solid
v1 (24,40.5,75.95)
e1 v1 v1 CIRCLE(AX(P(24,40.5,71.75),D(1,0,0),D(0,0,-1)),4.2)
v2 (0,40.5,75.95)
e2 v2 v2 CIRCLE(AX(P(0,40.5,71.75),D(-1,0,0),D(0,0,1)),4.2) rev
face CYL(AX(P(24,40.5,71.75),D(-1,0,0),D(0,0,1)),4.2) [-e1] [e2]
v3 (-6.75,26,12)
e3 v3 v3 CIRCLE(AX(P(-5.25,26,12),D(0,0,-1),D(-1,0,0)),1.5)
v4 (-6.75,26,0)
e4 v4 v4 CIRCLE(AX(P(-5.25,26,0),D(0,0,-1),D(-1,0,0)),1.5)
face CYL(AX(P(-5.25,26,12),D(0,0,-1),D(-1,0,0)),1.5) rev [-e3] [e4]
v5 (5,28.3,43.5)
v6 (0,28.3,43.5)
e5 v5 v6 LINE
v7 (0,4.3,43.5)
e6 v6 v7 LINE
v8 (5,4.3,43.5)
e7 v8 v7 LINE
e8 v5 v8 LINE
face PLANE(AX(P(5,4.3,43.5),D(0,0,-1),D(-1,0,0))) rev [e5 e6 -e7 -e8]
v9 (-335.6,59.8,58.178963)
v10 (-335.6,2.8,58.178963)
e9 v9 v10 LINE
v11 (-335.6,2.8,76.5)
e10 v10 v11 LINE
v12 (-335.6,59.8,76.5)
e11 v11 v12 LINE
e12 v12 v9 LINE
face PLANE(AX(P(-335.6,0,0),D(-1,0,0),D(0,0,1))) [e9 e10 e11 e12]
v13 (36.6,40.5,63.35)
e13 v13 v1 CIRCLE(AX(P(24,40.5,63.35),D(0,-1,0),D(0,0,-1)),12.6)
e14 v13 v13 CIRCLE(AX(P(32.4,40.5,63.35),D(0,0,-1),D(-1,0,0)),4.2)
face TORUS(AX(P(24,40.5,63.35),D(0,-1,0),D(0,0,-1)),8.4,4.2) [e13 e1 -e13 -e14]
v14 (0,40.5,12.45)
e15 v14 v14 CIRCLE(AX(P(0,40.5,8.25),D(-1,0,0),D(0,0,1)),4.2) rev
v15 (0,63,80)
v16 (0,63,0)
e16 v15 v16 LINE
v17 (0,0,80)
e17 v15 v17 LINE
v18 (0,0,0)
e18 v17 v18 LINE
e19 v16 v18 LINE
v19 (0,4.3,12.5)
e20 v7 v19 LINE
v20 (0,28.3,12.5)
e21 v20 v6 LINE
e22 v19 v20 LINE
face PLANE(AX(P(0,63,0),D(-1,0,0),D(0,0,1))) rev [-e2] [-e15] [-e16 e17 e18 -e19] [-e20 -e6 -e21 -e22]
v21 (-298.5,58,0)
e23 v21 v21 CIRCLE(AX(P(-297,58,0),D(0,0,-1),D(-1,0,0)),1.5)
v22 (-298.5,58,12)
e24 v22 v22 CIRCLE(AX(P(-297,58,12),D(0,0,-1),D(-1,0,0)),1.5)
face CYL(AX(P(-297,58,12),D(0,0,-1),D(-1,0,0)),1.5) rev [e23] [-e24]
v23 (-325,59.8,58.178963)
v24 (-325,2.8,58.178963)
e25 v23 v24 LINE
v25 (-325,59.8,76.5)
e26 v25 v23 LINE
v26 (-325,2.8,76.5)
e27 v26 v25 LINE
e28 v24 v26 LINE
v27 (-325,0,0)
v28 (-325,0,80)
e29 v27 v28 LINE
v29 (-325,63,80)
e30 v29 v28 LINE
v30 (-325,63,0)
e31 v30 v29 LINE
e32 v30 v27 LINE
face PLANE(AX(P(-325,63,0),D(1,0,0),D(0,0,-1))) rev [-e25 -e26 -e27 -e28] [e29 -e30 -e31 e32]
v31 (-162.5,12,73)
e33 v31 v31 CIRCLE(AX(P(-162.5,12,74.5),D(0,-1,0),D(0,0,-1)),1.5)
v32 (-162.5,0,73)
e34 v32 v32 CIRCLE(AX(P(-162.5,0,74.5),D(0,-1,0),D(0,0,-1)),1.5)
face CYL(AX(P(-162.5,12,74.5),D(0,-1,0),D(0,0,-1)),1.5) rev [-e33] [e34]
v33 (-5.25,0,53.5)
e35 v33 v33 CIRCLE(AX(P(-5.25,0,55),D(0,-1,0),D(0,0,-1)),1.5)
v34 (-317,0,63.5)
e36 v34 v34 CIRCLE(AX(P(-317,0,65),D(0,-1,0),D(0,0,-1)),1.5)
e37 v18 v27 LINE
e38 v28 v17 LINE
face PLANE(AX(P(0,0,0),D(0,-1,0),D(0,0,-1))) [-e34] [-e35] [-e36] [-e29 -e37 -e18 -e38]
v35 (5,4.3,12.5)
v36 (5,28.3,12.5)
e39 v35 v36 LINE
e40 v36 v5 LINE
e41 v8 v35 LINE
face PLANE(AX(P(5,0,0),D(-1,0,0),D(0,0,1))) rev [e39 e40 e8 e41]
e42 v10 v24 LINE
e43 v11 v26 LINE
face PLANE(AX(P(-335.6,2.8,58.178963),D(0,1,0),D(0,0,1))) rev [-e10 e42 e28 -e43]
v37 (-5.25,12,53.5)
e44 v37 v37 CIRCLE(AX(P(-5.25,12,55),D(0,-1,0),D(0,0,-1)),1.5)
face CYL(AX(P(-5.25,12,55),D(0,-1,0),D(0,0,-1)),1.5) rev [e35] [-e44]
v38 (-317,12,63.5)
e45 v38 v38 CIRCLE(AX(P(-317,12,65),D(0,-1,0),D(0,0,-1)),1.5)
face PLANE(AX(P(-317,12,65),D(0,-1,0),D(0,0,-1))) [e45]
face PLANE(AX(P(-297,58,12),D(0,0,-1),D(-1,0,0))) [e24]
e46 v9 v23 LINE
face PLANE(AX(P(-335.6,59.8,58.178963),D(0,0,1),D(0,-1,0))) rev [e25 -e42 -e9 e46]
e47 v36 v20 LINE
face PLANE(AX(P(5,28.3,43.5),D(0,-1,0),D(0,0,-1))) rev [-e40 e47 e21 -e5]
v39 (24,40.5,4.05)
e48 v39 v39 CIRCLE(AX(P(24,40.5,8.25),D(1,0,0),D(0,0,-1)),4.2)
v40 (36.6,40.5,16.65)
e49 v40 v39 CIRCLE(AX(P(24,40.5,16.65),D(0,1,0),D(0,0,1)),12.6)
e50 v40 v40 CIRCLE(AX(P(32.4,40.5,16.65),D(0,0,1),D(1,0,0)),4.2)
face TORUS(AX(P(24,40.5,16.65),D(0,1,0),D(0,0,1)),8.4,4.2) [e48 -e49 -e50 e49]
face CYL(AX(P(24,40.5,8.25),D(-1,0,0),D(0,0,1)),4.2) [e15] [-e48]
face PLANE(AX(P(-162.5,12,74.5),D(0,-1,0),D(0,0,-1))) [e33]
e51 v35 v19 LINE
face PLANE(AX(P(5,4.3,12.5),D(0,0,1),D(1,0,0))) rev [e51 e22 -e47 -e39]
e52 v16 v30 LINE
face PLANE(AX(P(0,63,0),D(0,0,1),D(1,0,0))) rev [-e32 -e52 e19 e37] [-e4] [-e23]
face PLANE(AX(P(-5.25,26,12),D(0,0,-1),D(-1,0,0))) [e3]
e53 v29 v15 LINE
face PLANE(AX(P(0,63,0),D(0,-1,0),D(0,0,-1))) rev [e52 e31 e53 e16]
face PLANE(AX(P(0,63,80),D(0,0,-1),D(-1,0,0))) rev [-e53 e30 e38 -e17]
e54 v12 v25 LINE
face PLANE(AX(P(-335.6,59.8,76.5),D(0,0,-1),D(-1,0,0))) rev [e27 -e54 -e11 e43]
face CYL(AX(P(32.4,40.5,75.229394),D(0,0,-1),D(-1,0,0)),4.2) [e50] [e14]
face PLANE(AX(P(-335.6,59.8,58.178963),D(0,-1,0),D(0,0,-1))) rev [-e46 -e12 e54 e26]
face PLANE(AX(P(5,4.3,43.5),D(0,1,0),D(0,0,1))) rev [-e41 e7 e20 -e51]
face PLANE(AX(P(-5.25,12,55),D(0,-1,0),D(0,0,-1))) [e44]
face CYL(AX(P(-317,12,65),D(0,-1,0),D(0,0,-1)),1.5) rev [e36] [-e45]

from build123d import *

# Parameters (mm, degrees)
SKETCH1_W           = 325
SKETCH1_H           = 80
BOSS_EXTRUDE1_DEPTH = 63
SKETCH2_R           = 4.2
BOSS_EXTRUDE2_DEPTH = 24
SKETCH3_R           = 4.2
REVOLVE1_ANGLE      = 90
SKETCH4_R           = 4.2
REVOLVE2_ANGLE      = 90
SKETCH5_R           = 4.2
BOSS_EXTRUDE3_DEPTH = 46.7
SKETCH6_W           = 31
SKETCH6_H           = 24
BOSS_EXTRUDE4_DEPTH = 5
SKETCH7_W           = 18.321036957
SKETCH7_H           = 57
BOSS_EXTRUDE5_DEPTH = 10.6
SKETCH8_R           = 1.5
CUT_EXTRUDE1_DEPTH  = 12
SKETCH9_R           = 1.5
CUT_EXTRUDE3_DEPTH  = 12


with BuildPart() as part:
    # Sketch1 → Boss-Extrude1 (new body)
    with BuildSketch(Plane(origin=(0, 0, 0), x_dir=(1, 0, 0), z_dir=(0, 1, 0))):
        with Locations((-162.5, -40)):
            Rectangle(SKETCH1_W, SKETCH1_H)
    extrude(amount=BOSS_EXTRUDE1_DEPTH)

    # Sketch2 → Boss-Extrude2 (add)
    with BuildSketch(Plane(origin=(0, 0, 0), x_dir=(0, 0, -1), z_dir=(1, 0, 0))):
        with Locations((-71.75, 40.5)):
            Circle(SKETCH2_R)
        with Locations((-8.25, 40.5)):
            Circle(SKETCH2_R)
    extrude(amount=BOSS_EXTRUDE2_DEPTH)

    # Sketch3 → Revolve1 (revolve)
    with BuildSketch(Plane(origin=(24, 0, 0), x_dir=(0, 0, -1), z_dir=(1, 0, 0))):
        with Locations((-71.75, 40.5)):
            Circle(SKETCH3_R)
    revolve(axis=Axis((24, 40.5, 63.35), (0, 1, 0)), revolution_arc=REVOLVE1_ANGLE)

    # Sketch4 → Revolve2 (revolve)
    with BuildSketch(Plane(origin=(24, 0, 0), x_dir=(0, 0, -1), z_dir=(1, 0, 0))):
        with Locations((-8.25, 40.5)):
            Circle(SKETCH4_R)
    revolve(axis=Axis((24, 40.5, 16.65), (0, -1, 0)), revolution_arc=REVOLVE2_ANGLE)

    # Sketch5 → Boss-Extrude3 (add)
    with BuildSketch(Plane.XY.offset(16.65)):
        with Locations((32.4, 40.5)):
            Circle(SKETCH5_R)
    extrude(amount=BOSS_EXTRUDE3_DEPTH)

    # Sketch6 → Boss-Extrude4 (add)
    with BuildSketch(Plane(origin=(0, 0, 0), x_dir=(0, 0, -1), z_dir=(1, 0, 0))):
        with Locations((-28, 16.3)):
            Rectangle(SKETCH6_W, SKETCH6_H)
    extrude(amount=BOSS_EXTRUDE4_DEPTH)

    # Sketch7 → Boss-Extrude5 (add)
    with BuildSketch(Plane.ZY.offset(325)):
        with Locations((67.339481522, 31.3)):
            Rectangle(SKETCH7_W, SKETCH7_H)
    extrude(amount=BOSS_EXTRUDE5_DEPTH)

    # Sketch8 → Cut-Extrude1 (cut)
    with BuildSketch(Plane.XZ):
        with Locations((-317, 65)):
            Circle(SKETCH8_R)
        with Locations((-162.5, 74.5)):
            Circle(SKETCH8_R)
        with Locations((-5.25, 55)):
            Circle(SKETCH8_R)
    extrude(amount=-CUT_EXTRUDE1_DEPTH, mode=Mode.SUBTRACT)

    # Sketch9 → Cut-Extrude3 (cut)
    with BuildSketch(Plane(origin=(0, 0, 0), x_dir=(-1, 0, 0), z_dir=(0, 0, -1))):
        with Locations((5.25, 26)):
            Circle(SKETCH9_R)
        with Locations((297, 58)):
            Circle(SKETCH9_R)
    extrude(amount=-CUT_EXTRUDE3_DEPTH, mode=Mode.SUBTRACT)


solid = part.part
